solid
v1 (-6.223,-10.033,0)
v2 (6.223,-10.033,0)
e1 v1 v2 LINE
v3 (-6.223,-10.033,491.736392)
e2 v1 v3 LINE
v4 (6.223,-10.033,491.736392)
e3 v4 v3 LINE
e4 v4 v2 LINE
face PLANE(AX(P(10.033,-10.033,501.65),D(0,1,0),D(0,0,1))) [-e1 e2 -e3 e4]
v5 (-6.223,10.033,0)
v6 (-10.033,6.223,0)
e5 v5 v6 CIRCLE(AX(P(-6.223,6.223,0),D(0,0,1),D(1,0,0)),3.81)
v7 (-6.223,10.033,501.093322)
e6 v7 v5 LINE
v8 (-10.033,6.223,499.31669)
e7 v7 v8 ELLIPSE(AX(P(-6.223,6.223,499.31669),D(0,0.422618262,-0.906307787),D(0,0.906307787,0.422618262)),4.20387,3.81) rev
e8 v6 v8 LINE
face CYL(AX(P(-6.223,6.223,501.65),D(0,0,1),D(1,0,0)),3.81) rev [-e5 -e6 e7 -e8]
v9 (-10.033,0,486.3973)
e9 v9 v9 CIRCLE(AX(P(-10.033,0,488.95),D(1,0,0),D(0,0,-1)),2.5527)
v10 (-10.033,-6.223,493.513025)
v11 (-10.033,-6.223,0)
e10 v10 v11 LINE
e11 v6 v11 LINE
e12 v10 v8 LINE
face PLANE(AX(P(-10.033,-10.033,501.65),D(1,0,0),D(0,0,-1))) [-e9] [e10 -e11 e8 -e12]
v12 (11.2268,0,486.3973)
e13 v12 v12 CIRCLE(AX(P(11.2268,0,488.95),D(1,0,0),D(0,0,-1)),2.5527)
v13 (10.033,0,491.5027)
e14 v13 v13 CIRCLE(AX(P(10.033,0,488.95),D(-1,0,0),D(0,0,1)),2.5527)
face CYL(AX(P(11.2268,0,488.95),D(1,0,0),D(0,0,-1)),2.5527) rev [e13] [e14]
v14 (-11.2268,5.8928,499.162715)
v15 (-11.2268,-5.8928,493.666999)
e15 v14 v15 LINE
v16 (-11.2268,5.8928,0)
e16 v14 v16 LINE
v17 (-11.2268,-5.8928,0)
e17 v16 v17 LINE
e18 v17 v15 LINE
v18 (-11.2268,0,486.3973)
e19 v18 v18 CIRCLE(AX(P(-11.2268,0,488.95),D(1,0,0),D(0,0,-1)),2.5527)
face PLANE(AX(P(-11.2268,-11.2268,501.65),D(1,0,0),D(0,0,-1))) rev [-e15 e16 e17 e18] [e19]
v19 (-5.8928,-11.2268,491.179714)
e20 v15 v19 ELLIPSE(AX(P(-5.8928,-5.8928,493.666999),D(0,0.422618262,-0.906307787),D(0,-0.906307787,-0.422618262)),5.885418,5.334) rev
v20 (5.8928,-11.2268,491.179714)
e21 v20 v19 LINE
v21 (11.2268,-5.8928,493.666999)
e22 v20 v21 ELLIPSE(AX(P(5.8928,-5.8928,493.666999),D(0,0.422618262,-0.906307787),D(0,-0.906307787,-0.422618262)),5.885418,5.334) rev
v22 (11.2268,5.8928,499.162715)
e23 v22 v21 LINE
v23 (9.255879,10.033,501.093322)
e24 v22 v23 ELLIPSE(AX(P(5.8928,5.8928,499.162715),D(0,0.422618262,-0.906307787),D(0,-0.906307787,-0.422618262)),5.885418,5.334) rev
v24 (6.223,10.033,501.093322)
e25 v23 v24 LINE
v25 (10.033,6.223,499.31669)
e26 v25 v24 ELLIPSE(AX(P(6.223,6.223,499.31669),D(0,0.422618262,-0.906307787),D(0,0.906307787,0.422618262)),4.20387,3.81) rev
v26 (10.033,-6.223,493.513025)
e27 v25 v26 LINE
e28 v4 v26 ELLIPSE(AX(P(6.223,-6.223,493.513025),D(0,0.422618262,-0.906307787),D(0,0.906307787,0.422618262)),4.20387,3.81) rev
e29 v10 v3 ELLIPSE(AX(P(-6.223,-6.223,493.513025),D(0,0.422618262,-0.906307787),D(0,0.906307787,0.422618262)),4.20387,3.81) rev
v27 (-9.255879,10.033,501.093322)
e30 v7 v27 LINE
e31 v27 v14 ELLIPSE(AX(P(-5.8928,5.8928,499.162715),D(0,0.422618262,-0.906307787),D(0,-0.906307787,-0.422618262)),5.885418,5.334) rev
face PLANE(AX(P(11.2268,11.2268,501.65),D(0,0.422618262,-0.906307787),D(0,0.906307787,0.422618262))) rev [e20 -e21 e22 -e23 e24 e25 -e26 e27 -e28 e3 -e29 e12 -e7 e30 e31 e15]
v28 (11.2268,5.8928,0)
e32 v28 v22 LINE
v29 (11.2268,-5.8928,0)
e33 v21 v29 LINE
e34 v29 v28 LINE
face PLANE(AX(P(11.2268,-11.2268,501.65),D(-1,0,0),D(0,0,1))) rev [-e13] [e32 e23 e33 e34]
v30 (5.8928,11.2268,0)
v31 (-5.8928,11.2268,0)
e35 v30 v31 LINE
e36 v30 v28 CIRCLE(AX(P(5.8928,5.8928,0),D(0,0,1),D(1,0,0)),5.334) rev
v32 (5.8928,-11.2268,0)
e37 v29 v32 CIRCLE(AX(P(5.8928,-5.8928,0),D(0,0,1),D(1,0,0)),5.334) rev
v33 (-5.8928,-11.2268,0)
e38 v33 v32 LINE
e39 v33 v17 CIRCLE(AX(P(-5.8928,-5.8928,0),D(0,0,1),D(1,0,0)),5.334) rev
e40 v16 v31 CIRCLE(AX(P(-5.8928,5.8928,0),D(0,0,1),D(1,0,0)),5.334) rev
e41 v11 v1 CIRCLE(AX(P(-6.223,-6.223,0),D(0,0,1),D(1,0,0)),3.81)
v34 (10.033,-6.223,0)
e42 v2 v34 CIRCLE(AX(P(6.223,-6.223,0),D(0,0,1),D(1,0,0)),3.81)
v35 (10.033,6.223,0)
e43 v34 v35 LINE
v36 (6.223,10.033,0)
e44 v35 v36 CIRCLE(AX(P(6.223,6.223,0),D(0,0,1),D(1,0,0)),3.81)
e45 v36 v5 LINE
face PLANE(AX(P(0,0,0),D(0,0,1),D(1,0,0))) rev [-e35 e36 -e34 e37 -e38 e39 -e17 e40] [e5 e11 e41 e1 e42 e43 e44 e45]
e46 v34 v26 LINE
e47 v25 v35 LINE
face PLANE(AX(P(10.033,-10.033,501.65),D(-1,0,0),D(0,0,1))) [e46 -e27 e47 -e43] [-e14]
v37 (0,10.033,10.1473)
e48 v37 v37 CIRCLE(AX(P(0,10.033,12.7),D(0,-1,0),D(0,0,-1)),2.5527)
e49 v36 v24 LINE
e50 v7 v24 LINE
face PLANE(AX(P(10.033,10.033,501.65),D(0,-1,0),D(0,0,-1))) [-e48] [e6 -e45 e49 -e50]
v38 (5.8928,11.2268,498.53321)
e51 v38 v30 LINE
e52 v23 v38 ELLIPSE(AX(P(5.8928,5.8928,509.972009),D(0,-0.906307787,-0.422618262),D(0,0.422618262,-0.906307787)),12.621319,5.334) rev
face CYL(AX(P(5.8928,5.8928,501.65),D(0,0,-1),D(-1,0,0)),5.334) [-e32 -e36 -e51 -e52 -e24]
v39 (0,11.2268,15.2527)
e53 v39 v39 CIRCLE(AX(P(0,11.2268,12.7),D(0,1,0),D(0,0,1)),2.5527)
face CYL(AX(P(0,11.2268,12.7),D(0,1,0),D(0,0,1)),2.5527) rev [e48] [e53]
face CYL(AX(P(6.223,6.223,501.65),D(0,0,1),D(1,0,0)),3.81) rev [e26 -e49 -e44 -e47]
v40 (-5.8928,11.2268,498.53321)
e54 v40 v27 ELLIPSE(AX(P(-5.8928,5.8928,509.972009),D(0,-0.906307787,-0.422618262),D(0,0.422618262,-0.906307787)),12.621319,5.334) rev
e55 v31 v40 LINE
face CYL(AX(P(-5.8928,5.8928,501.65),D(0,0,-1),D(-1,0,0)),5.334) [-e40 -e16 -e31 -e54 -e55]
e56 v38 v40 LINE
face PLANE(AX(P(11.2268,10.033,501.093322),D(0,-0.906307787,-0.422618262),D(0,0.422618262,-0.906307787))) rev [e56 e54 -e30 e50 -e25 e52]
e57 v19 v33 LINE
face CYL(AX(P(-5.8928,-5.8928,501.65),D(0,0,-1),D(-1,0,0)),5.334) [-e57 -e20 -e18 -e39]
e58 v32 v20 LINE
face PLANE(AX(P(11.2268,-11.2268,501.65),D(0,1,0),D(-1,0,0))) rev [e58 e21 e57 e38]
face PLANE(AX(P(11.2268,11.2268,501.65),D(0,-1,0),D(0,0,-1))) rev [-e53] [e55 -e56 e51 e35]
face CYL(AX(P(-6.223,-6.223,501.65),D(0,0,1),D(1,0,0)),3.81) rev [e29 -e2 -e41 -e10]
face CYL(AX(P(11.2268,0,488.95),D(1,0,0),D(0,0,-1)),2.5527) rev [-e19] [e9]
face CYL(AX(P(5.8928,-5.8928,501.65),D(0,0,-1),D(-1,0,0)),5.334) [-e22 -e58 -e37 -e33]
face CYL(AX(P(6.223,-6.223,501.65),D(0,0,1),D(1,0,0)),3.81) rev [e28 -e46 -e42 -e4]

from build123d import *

# Parameters (mm, degrees)
SKETCH4_W                  = 22.4536
SKETCH4_H                  = 22.4536
SKETCH4_W_2                = 20.066
SKETCH4_H_2                = 20.066
BOSS_EXTRUDE2_DEPTH        = 501.65
FILLET2_R                  = 3.81
FILLET1_R                  = 5.334
F_10_CLEARANCE_HOLE1_D     = 5.1054
F_10_CLEARANCE_HOLE1_DEPTH = 16.51
F_10_CLEARANCE_HOLE1_TIP   = 1.533816902
F_10_CLEARANCE_HOLE2_D     = 5.1054
CUT_EXTRUDE1_DEPTH         = 23.4536
CUT_EXTRUDE2_DEPTH         = 23.4536


with BuildPart() as part:
    # Sketch4 → Boss-Extrude2 (new body)
    with BuildSketch(Plane.XY):
        Rectangle(SKETCH4_W, SKETCH4_H)
        Rectangle(SKETCH4_W_2, SKETCH4_H_2, mode=Mode.SUBTRACT)
    extrude(amount=BOSS_EXTRUDE2_DEPTH)

    # Fillet2
    fillet2_edges = [part.edges().sort_by_distance(p)[0] for p in [
        (-10.033, 10.033, 250.825),
        (-10.033, -10.033, 250.825),
        (10.033, -10.033, 250.825),
        (10.033, 10.033, 250.825),
    ]]
    fillet(fillet2_edges, radius=FILLET2_R)

    # Fillet1
    fillet1_edges = [part.edges().sort_by_distance(p)[0] for p in [
        (-11.2268, 11.2268, 250.825),
        (11.2268, 11.2268, 250.825),
        (11.2268, -11.2268, 250.825),
        (-11.2268, -11.2268, 250.825),
    ]]
    fillet(fillet1_edges, radius=FILLET1_R)

    # #10 Clearance Hole1
    with Locations(Plane(origin=(0, 11.2268, 0), x_dir=(1, 0, 0), z_dir=(0, 1, 0))):
        with Locations((0, -12.7)):
            Hole(F_10_CLEARANCE_HOLE1_D / 2, depth=F_10_CLEARANCE_HOLE1_DEPTH)
            with Locations((0, 0, -(F_10_CLEARANCE_HOLE1_DEPTH + F_10_CLEARANCE_HOLE1_TIP / 2))):  # 118° drill point
                Cone(0, F_10_CLEARANCE_HOLE1_D / 2, F_10_CLEARANCE_HOLE1_TIP, mode=Mode.SUBTRACT)

    # #10 Clearance Hole2 (through all)
    with Locations(Plane(origin=(11.2268, 0, 0), x_dir=(0, 0, -1), z_dir=(1, 0, 0))):
        with Locations((-488.95, 0)):
            Hole(F_10_CLEARANCE_HOLE2_D / 2)

    # Sketch10 → Cut-Extrude1 (cut, through all)
    with BuildSketch(Plane.ZY.offset(11.2268)):
        Polygon((501.65, 11.2268), (491.179714367, -11.2268), (501.65, -11.2268), align=None)
    extrude(amount=-CUT_EXTRUDE1_DEPTH, mode=Mode.SUBTRACT)

    # Sketch11 → Cut-Extrude2 (cut, through all)
    with BuildSketch(Plane.ZY.offset(11.2268)):
        Polygon((501.65, 11.2268), (498.533209556, 11.2268), (501.093321918, 10.033), align=None)
    extrude(amount=-CUT_EXTRUDE2_DEPTH, mode=Mode.SUBTRACT)


solid = part.part
